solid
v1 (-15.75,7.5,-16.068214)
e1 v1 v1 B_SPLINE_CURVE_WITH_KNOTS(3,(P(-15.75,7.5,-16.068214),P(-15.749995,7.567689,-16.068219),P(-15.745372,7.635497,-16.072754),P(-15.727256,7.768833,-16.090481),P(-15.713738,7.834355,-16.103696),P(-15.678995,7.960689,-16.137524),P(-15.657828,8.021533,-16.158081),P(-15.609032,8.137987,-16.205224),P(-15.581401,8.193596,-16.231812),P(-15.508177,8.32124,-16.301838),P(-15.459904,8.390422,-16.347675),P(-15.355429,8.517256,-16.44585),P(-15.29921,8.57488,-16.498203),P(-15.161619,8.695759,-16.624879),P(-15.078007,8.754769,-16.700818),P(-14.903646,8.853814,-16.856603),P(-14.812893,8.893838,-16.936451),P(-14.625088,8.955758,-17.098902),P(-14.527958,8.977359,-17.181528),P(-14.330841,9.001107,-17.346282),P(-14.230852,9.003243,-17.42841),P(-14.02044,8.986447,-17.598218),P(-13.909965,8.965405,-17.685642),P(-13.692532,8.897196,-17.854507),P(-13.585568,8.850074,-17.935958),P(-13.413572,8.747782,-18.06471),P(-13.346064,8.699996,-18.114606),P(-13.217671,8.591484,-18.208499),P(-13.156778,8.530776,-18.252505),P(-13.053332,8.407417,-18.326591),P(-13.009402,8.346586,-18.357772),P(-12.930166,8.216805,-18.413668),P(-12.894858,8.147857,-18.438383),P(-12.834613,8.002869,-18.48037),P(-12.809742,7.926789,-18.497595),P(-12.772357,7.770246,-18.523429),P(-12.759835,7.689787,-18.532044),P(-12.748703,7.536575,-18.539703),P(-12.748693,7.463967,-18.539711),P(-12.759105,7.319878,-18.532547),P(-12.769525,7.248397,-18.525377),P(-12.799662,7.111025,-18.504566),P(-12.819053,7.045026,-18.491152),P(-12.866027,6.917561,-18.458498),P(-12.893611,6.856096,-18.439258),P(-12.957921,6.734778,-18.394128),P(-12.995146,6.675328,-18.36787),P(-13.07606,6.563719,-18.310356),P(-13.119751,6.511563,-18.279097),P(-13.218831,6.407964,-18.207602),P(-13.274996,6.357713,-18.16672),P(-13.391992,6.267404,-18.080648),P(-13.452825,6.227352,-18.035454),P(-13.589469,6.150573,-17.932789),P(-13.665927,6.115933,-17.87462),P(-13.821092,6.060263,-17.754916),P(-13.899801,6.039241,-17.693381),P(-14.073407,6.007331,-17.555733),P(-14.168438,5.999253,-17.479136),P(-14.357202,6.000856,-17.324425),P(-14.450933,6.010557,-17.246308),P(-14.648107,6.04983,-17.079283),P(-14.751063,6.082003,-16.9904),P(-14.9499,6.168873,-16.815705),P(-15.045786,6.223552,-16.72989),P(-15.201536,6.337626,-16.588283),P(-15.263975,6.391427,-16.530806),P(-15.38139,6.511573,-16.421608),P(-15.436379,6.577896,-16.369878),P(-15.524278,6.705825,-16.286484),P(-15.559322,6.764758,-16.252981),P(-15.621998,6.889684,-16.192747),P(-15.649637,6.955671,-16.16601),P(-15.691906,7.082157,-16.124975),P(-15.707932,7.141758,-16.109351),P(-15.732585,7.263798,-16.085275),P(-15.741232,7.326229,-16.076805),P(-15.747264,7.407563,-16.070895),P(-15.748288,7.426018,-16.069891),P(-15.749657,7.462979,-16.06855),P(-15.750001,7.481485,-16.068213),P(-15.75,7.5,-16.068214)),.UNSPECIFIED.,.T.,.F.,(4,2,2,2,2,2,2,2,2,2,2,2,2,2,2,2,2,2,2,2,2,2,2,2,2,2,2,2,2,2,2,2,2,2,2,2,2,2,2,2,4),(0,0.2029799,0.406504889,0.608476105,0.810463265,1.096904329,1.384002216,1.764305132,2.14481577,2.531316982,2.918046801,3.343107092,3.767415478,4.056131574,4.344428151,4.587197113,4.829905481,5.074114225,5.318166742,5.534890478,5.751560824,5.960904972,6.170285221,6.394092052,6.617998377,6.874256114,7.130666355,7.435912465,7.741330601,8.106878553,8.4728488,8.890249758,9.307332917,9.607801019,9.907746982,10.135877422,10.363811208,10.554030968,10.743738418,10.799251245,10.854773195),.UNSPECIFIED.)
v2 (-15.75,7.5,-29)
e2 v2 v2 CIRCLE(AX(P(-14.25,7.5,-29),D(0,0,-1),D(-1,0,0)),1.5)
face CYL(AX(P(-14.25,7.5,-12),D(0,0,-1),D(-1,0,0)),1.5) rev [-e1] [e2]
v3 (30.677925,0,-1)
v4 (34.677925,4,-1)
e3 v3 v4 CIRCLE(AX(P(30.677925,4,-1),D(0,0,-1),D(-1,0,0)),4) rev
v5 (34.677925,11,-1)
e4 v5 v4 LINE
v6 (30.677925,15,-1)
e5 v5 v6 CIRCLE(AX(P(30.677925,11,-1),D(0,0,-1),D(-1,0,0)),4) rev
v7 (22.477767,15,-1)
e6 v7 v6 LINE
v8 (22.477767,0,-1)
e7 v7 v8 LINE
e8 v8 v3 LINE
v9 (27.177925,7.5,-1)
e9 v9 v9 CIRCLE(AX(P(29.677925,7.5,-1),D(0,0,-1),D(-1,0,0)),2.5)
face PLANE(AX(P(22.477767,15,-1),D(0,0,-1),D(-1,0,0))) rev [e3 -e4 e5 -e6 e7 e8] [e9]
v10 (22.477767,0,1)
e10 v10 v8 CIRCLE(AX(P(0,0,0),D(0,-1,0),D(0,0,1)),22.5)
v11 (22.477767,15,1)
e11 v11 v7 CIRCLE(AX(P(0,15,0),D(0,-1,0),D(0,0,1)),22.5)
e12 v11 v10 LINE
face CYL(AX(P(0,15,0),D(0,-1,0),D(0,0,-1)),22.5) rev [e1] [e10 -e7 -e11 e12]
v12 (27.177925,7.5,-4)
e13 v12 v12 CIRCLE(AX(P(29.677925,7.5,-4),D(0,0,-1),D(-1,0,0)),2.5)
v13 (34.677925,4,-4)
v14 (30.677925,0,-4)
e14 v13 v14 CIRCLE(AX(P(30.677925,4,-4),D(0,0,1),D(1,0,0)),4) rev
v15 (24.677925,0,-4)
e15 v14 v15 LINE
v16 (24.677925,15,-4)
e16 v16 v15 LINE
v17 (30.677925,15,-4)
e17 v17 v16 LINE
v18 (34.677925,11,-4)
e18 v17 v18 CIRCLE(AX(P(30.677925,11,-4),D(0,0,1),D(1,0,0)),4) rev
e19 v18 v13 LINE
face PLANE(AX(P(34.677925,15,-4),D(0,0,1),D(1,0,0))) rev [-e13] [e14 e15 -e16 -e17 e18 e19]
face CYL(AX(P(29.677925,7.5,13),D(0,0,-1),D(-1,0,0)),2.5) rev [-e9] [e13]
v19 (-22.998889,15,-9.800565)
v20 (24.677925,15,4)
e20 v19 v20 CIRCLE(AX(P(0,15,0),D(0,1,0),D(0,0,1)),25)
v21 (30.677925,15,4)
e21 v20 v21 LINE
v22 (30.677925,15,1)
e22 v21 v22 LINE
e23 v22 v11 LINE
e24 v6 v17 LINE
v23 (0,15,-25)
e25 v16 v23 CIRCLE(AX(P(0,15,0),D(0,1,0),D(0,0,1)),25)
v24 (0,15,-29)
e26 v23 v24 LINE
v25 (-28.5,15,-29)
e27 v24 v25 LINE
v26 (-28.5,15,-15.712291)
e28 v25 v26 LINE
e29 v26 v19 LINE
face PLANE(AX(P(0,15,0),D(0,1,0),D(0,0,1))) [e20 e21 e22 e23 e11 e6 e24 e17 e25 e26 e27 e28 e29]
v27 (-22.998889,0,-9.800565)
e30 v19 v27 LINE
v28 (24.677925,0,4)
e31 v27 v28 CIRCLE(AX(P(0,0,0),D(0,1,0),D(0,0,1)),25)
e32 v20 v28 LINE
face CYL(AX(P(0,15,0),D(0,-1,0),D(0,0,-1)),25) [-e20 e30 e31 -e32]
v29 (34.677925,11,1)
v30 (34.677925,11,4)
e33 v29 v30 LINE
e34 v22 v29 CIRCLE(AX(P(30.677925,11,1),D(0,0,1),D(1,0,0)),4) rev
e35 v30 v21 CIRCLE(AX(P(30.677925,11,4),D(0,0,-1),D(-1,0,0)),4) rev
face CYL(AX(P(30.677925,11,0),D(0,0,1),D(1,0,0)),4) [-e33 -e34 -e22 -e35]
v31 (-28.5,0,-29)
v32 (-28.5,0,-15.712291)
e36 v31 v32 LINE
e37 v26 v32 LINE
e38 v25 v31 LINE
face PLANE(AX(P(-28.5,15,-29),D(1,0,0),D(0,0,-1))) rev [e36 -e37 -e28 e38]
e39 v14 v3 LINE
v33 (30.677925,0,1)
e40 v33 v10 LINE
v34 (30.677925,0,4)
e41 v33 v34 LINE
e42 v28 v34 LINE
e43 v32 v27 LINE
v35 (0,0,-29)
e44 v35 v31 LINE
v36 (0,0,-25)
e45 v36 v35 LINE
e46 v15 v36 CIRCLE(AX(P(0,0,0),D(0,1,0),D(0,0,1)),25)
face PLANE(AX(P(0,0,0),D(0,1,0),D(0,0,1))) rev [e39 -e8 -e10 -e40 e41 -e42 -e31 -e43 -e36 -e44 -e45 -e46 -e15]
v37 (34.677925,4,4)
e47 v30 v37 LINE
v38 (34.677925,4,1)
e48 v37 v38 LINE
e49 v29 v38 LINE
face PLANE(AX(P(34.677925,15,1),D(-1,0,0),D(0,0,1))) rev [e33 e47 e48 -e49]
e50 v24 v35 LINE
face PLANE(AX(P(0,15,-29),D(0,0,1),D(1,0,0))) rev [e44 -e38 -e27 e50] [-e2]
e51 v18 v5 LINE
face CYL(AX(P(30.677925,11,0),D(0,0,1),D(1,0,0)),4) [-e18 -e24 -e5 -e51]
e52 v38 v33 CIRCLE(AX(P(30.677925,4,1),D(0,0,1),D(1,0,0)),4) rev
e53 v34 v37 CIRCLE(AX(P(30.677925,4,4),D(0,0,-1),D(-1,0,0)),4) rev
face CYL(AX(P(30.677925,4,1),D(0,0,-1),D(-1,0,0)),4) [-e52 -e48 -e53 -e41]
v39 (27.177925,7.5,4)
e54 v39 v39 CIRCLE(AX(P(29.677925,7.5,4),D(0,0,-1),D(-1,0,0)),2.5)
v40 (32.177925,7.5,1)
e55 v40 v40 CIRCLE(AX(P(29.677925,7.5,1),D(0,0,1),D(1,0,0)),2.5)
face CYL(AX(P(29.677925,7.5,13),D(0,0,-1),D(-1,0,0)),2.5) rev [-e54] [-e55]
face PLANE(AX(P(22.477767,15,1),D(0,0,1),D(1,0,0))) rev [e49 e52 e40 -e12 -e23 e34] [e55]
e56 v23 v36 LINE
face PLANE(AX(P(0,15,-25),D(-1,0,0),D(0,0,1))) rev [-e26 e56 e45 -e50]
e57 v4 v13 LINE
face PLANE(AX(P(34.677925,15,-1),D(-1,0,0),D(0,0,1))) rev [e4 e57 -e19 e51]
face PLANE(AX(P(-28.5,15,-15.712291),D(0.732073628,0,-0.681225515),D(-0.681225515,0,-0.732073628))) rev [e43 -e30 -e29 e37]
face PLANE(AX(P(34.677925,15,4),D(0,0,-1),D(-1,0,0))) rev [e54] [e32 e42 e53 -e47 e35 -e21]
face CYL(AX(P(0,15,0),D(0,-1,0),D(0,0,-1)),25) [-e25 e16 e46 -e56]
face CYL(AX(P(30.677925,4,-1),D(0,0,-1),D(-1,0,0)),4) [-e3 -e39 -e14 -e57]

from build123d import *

# Parameters (mm, degrees)
SALIENTE_EXTRUIR1_DEPTH = 15
CROQUIS2_R              = 1.5
CORTAR_EXTRUIR1_DEPTH   = 17
CROQUIS3_R              = 2.5
CORTAR_EXTRUIR2_DEPTH   = 17
REDONDEO1_R             = 4


with BuildPart() as part:
    # Croquis1 → Saliente-Extruir1 (new body)
    with BuildSketch(Plane(origin=(0, 0, 0), x_dir=(1, 0, 0), z_dir=(0, 1, 0))):
        with BuildLine():
            Line((0, 25), (0, 29))
            Line((0, 29), (-28.5, 29))
            Line((-28.5, 29), (-28.5, 15.712290503))
            Line((-28.5, 15.712290503), (-22.998889471, 9.800565448))
            ThreePointArc((-22.998889471, 9.800565448), (-6.951164798, -24.014189721), (24.677925359, -4))
            Line((24.677925359, -4), (34.677925359, -4))
            Line((34.677925359, -4), (34.677925359, -1))
            Line((34.677925359, -1), (22.477766793, -1))
            ThreePointArc((22.477766793, -1), (-22.5, 0), (22.477766793, 1))
            Line((22.477766793, 1), (34.677925359, 1))
            Line((34.677925359, 1), (34.677925359, 4))
            Line((34.677925359, 4), (24.677925359, 4))
            ThreePointArc((24.677925359, 4), (16.201851746, 19.039432765), (0, 25))
        make_face()
    extrude(amount=SALIENTE_EXTRUIR1_DEPTH)

    # Croquis2 → Cortar-Extruir1 (cut)
    with BuildSketch(Plane(origin=(0, 0, -29), x_dir=(-1, 0, 0), z_dir=(0, 0, -1))):
        with Locations((14.25, 7.5)):
            Circle(CROQUIS2_R)
    extrude(amount=-CORTAR_EXTRUIR1_DEPTH, mode=Mode.SUBTRACT)

    # Croquis3 → Cortar-Extruir2 (cut)
    with BuildSketch(Plane(origin=(0, 0, -4), x_dir=(-1, 0, 0), z_dir=(0, 0, -1))):
        with Locations((-29.677925359, 7.5)):
            Circle(CROQUIS3_R)
    extrude(amount=-CORTAR_EXTRUIR2_DEPTH, mode=Mode.SUBTRACT)

    # Redondeo1
    redondeo1_edges = [part.edges().sort_by_distance(p)[0] for p in [
        (34.677925359, 0, -2.5),
        (34.677925359, 0, 2.5),
        (34.677925359, 15, 2.5),
        (34.677925359, 15, -2.5),
    ]]
    fillet(redondeo1_edges, radius=REDONDEO1_R)


solid = part.part
